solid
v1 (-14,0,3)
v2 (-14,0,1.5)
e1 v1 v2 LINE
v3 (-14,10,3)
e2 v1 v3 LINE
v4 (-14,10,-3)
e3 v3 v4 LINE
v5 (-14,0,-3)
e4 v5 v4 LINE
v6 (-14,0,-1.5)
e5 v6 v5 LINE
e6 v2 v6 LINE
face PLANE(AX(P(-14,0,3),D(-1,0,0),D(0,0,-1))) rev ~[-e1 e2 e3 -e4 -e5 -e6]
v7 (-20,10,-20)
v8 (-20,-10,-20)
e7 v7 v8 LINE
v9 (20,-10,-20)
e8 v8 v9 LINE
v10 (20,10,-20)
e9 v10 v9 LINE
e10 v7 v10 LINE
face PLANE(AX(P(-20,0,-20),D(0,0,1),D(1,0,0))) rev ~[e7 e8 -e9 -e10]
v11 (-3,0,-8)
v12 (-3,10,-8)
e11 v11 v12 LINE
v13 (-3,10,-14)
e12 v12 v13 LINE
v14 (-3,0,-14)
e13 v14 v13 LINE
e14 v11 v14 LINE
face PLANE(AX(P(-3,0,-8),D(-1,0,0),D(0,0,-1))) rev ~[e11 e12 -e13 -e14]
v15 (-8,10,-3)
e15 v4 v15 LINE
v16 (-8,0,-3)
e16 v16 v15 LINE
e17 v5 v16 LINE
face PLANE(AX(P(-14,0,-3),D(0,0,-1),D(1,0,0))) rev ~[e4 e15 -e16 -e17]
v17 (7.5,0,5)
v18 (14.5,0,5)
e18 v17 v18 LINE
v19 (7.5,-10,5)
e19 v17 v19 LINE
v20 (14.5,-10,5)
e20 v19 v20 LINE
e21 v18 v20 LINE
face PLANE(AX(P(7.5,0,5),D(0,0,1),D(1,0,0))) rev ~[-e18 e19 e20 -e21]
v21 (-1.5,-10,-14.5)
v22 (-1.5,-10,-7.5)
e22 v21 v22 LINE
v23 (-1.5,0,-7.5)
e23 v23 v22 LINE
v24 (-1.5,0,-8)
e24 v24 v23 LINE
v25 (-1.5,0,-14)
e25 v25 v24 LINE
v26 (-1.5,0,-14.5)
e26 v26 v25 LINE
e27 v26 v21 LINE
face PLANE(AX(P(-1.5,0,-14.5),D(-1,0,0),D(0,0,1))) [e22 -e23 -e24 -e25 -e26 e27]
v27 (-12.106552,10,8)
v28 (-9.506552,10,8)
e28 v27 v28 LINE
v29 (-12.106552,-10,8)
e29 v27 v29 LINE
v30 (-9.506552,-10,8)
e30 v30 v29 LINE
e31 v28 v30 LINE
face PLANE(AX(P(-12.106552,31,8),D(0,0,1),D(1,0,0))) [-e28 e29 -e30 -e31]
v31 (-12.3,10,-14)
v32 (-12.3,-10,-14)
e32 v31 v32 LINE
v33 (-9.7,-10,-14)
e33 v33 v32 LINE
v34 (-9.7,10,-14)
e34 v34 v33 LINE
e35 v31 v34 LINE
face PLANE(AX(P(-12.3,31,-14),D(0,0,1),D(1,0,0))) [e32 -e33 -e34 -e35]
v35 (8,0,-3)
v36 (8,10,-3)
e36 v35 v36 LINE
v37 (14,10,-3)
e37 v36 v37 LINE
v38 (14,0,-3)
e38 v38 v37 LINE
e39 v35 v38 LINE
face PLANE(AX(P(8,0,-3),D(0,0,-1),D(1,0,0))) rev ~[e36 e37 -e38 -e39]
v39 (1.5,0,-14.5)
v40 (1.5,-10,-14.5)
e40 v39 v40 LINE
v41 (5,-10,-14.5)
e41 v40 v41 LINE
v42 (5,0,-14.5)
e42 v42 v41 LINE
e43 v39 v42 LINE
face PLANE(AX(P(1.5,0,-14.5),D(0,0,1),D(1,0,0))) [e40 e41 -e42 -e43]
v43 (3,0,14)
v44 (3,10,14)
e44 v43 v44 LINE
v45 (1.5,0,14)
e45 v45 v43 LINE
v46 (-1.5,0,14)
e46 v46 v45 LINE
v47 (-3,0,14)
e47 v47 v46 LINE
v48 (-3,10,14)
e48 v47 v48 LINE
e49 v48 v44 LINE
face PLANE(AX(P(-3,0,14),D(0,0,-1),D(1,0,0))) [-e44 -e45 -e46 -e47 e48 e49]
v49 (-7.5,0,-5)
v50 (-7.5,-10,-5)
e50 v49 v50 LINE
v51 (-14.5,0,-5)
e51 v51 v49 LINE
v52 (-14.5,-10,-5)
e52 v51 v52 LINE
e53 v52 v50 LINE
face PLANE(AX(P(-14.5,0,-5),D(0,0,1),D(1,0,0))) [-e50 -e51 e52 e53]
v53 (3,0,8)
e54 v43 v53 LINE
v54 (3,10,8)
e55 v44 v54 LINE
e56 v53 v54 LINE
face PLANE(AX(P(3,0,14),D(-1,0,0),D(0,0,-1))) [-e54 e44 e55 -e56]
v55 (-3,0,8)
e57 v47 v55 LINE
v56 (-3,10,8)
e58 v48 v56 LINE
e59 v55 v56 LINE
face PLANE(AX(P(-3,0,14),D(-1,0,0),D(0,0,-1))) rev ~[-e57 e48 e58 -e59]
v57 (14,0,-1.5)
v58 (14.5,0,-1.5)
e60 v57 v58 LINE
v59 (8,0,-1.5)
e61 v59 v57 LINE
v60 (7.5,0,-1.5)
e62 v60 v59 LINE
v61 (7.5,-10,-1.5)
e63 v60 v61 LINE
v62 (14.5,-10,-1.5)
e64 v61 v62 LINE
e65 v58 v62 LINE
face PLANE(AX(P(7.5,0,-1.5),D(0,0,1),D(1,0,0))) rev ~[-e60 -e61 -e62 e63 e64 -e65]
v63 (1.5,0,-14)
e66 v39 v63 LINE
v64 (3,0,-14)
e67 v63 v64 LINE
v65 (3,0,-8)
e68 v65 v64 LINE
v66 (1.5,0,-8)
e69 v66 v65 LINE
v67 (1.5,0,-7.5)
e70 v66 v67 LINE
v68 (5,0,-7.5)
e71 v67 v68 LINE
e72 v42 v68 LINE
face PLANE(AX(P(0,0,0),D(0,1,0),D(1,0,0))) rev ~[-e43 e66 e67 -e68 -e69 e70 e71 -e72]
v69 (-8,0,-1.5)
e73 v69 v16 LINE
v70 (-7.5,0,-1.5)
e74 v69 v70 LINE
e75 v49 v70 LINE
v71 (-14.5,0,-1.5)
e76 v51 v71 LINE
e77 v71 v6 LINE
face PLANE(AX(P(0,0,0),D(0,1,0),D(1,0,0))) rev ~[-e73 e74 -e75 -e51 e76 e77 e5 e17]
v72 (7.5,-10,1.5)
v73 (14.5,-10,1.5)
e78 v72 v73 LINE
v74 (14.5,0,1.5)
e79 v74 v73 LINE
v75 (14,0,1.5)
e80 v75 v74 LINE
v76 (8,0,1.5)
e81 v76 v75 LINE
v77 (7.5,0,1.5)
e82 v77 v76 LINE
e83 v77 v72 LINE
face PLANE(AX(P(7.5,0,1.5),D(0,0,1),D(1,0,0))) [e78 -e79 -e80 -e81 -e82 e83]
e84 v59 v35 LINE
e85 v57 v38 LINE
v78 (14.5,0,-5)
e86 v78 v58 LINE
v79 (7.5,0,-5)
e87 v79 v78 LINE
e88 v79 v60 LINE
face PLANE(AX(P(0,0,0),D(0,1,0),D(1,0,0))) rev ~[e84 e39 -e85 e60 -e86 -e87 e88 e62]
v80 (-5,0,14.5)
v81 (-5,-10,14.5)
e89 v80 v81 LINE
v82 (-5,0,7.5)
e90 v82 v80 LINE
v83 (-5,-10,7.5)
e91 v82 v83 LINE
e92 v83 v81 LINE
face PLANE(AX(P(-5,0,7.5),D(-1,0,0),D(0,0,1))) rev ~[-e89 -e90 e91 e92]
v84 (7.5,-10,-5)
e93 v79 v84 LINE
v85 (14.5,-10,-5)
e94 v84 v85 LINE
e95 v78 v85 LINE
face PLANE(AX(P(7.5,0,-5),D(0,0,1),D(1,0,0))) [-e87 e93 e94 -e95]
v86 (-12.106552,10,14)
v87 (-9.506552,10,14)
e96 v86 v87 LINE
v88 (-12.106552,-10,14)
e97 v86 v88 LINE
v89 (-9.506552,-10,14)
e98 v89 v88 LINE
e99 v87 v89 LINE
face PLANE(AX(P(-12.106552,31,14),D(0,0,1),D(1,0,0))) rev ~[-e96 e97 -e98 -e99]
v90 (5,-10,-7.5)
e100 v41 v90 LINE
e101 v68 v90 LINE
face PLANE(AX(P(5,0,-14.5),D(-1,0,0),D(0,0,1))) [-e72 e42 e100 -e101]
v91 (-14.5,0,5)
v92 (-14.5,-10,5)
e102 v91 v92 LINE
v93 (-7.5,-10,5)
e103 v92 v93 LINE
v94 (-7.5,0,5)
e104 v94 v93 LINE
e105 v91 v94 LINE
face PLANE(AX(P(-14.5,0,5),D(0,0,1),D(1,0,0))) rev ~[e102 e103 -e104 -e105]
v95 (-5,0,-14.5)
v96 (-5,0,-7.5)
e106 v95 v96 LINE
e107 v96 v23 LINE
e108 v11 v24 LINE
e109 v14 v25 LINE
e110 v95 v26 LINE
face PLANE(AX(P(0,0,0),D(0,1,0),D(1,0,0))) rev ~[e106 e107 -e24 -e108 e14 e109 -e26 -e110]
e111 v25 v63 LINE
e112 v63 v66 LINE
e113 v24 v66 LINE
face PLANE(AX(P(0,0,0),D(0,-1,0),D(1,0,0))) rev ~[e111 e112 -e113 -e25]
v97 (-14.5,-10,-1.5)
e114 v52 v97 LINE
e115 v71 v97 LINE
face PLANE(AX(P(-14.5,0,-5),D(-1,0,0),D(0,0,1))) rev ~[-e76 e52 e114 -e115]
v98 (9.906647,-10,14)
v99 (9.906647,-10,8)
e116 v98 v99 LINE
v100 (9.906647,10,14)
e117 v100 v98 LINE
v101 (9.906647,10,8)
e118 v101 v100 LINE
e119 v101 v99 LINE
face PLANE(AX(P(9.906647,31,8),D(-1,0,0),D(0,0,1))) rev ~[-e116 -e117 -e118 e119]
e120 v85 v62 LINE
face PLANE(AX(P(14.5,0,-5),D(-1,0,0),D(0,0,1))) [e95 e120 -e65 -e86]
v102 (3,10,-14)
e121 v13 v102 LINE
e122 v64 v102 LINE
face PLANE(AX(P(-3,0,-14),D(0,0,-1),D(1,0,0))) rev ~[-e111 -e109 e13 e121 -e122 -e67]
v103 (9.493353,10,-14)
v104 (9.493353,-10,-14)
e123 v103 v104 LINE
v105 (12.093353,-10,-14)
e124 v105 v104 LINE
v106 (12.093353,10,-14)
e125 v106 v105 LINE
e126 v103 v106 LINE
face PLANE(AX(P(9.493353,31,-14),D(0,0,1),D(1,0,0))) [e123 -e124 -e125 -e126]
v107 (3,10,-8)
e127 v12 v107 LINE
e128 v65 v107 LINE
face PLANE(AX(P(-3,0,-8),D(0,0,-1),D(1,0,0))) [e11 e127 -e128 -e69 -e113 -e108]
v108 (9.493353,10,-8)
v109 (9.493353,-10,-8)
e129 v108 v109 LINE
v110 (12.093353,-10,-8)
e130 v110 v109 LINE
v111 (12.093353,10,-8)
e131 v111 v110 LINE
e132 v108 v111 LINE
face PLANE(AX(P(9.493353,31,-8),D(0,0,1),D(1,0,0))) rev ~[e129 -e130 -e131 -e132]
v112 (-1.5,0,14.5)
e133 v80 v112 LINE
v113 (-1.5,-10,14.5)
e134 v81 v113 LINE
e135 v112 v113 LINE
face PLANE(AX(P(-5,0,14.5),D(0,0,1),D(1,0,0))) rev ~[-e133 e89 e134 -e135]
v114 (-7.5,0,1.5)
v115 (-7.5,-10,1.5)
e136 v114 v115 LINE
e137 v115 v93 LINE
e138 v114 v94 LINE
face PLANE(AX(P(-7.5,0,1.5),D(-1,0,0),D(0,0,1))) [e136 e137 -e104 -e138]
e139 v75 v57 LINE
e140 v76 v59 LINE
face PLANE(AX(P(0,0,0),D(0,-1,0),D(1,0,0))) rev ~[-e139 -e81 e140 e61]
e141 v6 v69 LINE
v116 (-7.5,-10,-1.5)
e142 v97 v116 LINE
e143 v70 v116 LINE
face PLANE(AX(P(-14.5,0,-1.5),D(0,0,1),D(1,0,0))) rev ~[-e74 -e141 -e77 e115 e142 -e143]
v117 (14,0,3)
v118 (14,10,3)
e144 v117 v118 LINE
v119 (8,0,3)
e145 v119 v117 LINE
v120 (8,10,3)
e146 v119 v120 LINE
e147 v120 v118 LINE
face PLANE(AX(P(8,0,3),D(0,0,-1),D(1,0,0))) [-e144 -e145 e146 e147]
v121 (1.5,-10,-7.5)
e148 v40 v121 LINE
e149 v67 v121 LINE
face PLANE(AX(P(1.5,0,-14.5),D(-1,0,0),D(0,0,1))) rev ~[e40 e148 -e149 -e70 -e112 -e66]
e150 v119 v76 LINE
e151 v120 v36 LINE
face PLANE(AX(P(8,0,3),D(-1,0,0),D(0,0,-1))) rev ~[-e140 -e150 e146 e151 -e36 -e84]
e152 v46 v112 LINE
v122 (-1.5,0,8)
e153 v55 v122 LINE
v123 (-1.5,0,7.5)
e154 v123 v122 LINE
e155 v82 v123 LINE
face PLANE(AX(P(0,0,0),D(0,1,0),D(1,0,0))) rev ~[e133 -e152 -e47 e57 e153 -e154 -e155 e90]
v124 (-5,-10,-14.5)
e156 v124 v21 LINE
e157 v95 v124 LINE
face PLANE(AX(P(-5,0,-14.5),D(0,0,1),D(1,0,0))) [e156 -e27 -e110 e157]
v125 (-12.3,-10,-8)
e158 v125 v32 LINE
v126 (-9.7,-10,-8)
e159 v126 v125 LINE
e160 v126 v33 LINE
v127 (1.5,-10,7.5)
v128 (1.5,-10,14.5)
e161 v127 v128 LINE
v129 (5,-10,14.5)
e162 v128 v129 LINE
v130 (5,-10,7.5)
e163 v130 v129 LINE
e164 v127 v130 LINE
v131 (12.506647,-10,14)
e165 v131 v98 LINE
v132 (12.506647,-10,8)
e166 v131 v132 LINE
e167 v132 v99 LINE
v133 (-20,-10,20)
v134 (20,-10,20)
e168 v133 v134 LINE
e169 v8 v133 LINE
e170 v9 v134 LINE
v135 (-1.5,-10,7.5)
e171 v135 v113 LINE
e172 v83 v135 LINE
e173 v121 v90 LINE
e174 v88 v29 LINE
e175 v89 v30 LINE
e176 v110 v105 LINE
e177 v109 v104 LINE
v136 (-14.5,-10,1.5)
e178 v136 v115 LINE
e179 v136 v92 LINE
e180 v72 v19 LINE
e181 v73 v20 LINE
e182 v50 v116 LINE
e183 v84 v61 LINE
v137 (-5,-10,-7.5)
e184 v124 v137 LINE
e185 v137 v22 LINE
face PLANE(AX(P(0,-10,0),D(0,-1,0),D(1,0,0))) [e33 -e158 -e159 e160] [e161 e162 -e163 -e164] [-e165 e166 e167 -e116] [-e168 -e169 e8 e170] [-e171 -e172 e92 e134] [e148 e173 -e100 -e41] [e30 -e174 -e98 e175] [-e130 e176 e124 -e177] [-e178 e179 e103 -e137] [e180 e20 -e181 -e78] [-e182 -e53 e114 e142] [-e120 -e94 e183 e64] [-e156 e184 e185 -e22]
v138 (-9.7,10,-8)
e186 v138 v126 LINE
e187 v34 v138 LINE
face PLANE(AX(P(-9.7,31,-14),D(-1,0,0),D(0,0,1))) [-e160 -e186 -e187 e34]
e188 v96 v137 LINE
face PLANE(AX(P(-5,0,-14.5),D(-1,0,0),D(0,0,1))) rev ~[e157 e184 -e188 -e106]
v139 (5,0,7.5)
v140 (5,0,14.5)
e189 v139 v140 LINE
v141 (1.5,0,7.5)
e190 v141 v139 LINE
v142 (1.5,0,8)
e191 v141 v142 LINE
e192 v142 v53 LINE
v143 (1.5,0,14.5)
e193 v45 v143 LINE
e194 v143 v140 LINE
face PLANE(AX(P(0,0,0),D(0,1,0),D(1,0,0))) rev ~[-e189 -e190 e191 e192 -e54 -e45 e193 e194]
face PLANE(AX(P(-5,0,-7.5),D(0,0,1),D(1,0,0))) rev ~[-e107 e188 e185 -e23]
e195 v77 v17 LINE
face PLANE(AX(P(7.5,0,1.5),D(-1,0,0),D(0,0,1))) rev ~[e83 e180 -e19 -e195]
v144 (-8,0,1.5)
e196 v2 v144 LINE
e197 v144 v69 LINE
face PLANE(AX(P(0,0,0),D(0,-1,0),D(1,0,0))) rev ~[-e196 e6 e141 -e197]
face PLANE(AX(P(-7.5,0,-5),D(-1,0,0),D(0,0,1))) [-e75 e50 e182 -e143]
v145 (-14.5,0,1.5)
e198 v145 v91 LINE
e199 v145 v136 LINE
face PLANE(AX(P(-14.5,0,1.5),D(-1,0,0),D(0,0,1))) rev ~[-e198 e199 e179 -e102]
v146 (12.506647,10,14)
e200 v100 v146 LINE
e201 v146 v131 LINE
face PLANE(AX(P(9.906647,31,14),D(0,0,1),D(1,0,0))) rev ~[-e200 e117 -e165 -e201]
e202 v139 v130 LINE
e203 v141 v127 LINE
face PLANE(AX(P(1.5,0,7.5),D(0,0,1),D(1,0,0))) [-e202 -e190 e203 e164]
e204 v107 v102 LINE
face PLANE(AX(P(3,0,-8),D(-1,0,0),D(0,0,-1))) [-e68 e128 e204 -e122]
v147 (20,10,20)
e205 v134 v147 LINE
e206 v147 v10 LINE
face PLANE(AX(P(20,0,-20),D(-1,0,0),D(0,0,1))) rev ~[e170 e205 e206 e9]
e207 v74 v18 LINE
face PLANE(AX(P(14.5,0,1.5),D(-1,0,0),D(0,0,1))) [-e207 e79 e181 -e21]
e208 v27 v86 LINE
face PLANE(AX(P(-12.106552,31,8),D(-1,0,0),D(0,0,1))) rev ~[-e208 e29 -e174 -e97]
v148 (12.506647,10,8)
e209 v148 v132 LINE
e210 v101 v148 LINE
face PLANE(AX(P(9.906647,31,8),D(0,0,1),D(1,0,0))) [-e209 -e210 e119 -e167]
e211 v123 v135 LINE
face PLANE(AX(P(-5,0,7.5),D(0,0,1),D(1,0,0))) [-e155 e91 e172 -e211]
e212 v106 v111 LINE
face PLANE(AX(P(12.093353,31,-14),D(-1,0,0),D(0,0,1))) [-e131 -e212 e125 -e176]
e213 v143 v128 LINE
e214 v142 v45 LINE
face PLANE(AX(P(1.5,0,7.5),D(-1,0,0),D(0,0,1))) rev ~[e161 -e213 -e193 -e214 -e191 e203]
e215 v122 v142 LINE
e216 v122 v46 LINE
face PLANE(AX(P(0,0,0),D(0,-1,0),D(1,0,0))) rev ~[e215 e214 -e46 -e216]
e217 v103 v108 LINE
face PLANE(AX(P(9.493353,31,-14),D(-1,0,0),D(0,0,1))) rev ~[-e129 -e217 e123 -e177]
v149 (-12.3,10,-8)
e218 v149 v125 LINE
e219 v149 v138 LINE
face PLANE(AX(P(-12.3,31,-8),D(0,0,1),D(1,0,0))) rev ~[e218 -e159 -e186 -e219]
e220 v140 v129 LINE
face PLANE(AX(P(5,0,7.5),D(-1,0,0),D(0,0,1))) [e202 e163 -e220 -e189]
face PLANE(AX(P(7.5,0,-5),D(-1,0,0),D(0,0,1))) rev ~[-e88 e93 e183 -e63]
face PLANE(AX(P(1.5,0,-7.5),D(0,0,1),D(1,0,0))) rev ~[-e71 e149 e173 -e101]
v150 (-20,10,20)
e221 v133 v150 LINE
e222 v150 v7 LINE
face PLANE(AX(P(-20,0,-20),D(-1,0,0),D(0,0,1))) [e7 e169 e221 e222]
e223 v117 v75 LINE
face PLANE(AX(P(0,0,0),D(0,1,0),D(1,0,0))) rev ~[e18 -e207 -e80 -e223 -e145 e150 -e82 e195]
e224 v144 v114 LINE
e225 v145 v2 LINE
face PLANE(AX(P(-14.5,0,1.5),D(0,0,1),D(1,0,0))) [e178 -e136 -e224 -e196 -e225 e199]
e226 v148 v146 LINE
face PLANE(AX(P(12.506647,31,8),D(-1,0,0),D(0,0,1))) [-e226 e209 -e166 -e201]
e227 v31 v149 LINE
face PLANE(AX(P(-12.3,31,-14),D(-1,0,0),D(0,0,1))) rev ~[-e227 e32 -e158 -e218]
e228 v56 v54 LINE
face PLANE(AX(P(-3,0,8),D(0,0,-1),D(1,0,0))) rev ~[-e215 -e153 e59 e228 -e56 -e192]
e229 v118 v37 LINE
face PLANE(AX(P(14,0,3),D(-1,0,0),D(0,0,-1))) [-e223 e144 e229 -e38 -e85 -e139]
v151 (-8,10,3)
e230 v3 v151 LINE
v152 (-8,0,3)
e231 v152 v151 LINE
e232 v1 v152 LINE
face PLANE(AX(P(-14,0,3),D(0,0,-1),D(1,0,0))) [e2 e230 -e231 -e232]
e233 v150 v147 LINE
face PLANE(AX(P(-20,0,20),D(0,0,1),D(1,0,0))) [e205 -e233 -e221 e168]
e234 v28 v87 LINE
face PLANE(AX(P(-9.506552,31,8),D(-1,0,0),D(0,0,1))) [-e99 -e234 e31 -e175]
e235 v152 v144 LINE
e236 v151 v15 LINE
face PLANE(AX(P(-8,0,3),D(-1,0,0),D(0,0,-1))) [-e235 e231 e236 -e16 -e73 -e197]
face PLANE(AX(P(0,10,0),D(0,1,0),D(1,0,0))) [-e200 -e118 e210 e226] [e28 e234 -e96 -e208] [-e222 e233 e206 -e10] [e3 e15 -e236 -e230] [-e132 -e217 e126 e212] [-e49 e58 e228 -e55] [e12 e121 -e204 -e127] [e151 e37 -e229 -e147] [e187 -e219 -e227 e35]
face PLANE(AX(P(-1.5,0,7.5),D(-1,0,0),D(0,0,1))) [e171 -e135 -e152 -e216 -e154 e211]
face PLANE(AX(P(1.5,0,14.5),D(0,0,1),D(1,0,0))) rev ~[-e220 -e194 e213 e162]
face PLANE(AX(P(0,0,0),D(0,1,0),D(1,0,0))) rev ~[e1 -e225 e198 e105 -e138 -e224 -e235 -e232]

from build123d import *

# Parameters (mm, degrees)
SKETCH_208_W             = 40
SKETCH_208_H             = 40
SKETCH_208_W_2           = 6
SKETCH_208_H_2           = 6
EXTRUDE_1_DEPTH          = 10
SKETCH_1_W               = 40
SKETCH_1_H               = 40
SKETCH_1_W_2             = 3.5
SKETCH_1_H_2             = 7
SKETCH_1_W_3             = 7
SKETCH_1_H_3             = 3.5
EXTRUDE_5_DEPTH          = 10
CUT_EXTRUDE_1_DEPTH      = 31
CUT_EXTRUDE_1_DEPTH_BACK = 31
SKETCH_1_6_W             = 2.6
SKETCH_1_6_H             = 6
CUT_EXTRUDE_2_DEPTH      = 31
CUT_EXTRUDE_2_DEPTH_BACK = 31
SKETCH_1_7_W             = 2.6
SKETCH_1_7_H             = 6
CUT_EXTRUDE_3_DEPTH      = 31
CUT_EXTRUDE_3_DEPTH_BACK = 31
SKETCH_1_8_W             = 2.6
SKETCH_1_8_H             = 6
CUT_EXTRUDE_4_DEPTH      = 31
CUT_EXTRUDE_4_DEPTH_BACK = 31
SKETCH_1_9_W             = 2.6
SKETCH_1_9_H             = 6


with BuildPart() as part:
    # Sketch 208 → Бобышка-Вытянуть1 (new body)
    with BuildSketch(Plane(origin=(0, 0, 0), x_dir=(1, 0, 0), z_dir=(0, 1, 0))):
        Rectangle(SKETCH_208_W, SKETCH_208_H)
        with Locations((11, 0)):
            Rectangle(SKETCH_208_W_2, SKETCH_208_H_2, mode=Mode.SUBTRACT)
        with Locations((-11, 0)):
            Rectangle(SKETCH_208_W_2, SKETCH_208_H_2, mode=Mode.SUBTRACT)
        with Locations((0, -11)):
            Rectangle(SKETCH_208_W_2, SKETCH_208_H_2, mode=Mode.SUBTRACT)
        with Locations((0, 11)):
            Rectangle(SKETCH_208_W_2, SKETCH_208_H_2, mode=Mode.SUBTRACT)
    extrude(amount=EXTRUDE_1_DEPTH)

    # Эскиз1 → Бобышка-Вытянуть5 (add)
    with BuildSketch(Plane.XZ):
        Rectangle(SKETCH_1_W, SKETCH_1_H)
        with Locations((-3.25, -11)):
            Rectangle(SKETCH_1_W_2, SKETCH_1_H_2, mode=Mode.SUBTRACT)
        with Locations((3.25, -11)):
            Rectangle(SKETCH_1_W_2, SKETCH_1_H_2, mode=Mode.SUBTRACT)
        with Locations((-11, -3.25)):
            Rectangle(SKETCH_1_W_3, SKETCH_1_H_3, mode=Mode.SUBTRACT)
        with Locations((-11, 3.25)):
            Rectangle(SKETCH_1_W_3, SKETCH_1_H_3, mode=Mode.SUBTRACT)
        with Locations((11, 3.25)):
            Rectangle(SKETCH_1_W_3, SKETCH_1_H_3, mode=Mode.SUBTRACT)
        with Locations((11, -3.25)):
            Rectangle(SKETCH_1_W_3, SKETCH_1_H_3, mode=Mode.SUBTRACT)
        with Locations((-3.25, 11)):
            Rectangle(SKETCH_1_W_2, SKETCH_1_H_2, mode=Mode.SUBTRACT)
        with Locations((3.25, 11)):
            Rectangle(SKETCH_1_W_2, SKETCH_1_H_2, mode=Mode.SUBTRACT)
    extrude(amount=EXTRUDE_5_DEPTH)

    # Эскиз1<6> → Вырез-Вытянуть1 (cut, two sides: drawn at the far end of the back side and taken through both)
    with BuildSketch(Plane.XZ.offset(-CUT_EXTRUDE_1_DEPTH_BACK)):
        with Locations((-10.806551552, 11)):
            Rectangle(SKETCH_1_6_W, SKETCH_1_6_H)
    extrude(amount=CUT_EXTRUDE_1_DEPTH + CUT_EXTRUDE_1_DEPTH_BACK, mode=Mode.SUBTRACT)

    # Эскиз1<7> → Вырез-Вытянуть2 (cut, two sides: drawn at the far end of the back side and taken through both)
    with BuildSketch(Plane.XZ.offset(-CUT_EXTRUDE_2_DEPTH_BACK)):
        with Locations((11.206646971, 11)):
            Rectangle(SKETCH_1_7_W, SKETCH_1_7_H)
    extrude(amount=CUT_EXTRUDE_2_DEPTH + CUT_EXTRUDE_2_DEPTH_BACK, mode=Mode.SUBTRACT)

    # Эскиз1<8> → Вырез-Вытянуть3 (cut, two sides: drawn at the far end of the back side and taken through both)
    with BuildSketch(Plane.XZ.offset(-CUT_EXTRUDE_3_DEPTH_BACK)):
        with Locations((10.793353029, -11)):
            Rectangle(SKETCH_1_8_W, SKETCH_1_8_H)
    extrude(amount=CUT_EXTRUDE_3_DEPTH + CUT_EXTRUDE_3_DEPTH_BACK, mode=Mode.SUBTRACT)

    # Эскиз1<9> → Вырез-Вытянуть4 (cut, two sides: drawn at the far end of the back side and taken through both)
    with BuildSketch(Plane.XZ.offset(-CUT_EXTRUDE_4_DEPTH_BACK)):
        with Locations((-11, -11)):
            Rectangle(SKETCH_1_9_W, SKETCH_1_9_H)
    extrude(amount=CUT_EXTRUDE_4_DEPTH + CUT_EXTRUDE_4_DEPTH_BACK, mode=Mode.SUBTRACT)


solid = part.part
